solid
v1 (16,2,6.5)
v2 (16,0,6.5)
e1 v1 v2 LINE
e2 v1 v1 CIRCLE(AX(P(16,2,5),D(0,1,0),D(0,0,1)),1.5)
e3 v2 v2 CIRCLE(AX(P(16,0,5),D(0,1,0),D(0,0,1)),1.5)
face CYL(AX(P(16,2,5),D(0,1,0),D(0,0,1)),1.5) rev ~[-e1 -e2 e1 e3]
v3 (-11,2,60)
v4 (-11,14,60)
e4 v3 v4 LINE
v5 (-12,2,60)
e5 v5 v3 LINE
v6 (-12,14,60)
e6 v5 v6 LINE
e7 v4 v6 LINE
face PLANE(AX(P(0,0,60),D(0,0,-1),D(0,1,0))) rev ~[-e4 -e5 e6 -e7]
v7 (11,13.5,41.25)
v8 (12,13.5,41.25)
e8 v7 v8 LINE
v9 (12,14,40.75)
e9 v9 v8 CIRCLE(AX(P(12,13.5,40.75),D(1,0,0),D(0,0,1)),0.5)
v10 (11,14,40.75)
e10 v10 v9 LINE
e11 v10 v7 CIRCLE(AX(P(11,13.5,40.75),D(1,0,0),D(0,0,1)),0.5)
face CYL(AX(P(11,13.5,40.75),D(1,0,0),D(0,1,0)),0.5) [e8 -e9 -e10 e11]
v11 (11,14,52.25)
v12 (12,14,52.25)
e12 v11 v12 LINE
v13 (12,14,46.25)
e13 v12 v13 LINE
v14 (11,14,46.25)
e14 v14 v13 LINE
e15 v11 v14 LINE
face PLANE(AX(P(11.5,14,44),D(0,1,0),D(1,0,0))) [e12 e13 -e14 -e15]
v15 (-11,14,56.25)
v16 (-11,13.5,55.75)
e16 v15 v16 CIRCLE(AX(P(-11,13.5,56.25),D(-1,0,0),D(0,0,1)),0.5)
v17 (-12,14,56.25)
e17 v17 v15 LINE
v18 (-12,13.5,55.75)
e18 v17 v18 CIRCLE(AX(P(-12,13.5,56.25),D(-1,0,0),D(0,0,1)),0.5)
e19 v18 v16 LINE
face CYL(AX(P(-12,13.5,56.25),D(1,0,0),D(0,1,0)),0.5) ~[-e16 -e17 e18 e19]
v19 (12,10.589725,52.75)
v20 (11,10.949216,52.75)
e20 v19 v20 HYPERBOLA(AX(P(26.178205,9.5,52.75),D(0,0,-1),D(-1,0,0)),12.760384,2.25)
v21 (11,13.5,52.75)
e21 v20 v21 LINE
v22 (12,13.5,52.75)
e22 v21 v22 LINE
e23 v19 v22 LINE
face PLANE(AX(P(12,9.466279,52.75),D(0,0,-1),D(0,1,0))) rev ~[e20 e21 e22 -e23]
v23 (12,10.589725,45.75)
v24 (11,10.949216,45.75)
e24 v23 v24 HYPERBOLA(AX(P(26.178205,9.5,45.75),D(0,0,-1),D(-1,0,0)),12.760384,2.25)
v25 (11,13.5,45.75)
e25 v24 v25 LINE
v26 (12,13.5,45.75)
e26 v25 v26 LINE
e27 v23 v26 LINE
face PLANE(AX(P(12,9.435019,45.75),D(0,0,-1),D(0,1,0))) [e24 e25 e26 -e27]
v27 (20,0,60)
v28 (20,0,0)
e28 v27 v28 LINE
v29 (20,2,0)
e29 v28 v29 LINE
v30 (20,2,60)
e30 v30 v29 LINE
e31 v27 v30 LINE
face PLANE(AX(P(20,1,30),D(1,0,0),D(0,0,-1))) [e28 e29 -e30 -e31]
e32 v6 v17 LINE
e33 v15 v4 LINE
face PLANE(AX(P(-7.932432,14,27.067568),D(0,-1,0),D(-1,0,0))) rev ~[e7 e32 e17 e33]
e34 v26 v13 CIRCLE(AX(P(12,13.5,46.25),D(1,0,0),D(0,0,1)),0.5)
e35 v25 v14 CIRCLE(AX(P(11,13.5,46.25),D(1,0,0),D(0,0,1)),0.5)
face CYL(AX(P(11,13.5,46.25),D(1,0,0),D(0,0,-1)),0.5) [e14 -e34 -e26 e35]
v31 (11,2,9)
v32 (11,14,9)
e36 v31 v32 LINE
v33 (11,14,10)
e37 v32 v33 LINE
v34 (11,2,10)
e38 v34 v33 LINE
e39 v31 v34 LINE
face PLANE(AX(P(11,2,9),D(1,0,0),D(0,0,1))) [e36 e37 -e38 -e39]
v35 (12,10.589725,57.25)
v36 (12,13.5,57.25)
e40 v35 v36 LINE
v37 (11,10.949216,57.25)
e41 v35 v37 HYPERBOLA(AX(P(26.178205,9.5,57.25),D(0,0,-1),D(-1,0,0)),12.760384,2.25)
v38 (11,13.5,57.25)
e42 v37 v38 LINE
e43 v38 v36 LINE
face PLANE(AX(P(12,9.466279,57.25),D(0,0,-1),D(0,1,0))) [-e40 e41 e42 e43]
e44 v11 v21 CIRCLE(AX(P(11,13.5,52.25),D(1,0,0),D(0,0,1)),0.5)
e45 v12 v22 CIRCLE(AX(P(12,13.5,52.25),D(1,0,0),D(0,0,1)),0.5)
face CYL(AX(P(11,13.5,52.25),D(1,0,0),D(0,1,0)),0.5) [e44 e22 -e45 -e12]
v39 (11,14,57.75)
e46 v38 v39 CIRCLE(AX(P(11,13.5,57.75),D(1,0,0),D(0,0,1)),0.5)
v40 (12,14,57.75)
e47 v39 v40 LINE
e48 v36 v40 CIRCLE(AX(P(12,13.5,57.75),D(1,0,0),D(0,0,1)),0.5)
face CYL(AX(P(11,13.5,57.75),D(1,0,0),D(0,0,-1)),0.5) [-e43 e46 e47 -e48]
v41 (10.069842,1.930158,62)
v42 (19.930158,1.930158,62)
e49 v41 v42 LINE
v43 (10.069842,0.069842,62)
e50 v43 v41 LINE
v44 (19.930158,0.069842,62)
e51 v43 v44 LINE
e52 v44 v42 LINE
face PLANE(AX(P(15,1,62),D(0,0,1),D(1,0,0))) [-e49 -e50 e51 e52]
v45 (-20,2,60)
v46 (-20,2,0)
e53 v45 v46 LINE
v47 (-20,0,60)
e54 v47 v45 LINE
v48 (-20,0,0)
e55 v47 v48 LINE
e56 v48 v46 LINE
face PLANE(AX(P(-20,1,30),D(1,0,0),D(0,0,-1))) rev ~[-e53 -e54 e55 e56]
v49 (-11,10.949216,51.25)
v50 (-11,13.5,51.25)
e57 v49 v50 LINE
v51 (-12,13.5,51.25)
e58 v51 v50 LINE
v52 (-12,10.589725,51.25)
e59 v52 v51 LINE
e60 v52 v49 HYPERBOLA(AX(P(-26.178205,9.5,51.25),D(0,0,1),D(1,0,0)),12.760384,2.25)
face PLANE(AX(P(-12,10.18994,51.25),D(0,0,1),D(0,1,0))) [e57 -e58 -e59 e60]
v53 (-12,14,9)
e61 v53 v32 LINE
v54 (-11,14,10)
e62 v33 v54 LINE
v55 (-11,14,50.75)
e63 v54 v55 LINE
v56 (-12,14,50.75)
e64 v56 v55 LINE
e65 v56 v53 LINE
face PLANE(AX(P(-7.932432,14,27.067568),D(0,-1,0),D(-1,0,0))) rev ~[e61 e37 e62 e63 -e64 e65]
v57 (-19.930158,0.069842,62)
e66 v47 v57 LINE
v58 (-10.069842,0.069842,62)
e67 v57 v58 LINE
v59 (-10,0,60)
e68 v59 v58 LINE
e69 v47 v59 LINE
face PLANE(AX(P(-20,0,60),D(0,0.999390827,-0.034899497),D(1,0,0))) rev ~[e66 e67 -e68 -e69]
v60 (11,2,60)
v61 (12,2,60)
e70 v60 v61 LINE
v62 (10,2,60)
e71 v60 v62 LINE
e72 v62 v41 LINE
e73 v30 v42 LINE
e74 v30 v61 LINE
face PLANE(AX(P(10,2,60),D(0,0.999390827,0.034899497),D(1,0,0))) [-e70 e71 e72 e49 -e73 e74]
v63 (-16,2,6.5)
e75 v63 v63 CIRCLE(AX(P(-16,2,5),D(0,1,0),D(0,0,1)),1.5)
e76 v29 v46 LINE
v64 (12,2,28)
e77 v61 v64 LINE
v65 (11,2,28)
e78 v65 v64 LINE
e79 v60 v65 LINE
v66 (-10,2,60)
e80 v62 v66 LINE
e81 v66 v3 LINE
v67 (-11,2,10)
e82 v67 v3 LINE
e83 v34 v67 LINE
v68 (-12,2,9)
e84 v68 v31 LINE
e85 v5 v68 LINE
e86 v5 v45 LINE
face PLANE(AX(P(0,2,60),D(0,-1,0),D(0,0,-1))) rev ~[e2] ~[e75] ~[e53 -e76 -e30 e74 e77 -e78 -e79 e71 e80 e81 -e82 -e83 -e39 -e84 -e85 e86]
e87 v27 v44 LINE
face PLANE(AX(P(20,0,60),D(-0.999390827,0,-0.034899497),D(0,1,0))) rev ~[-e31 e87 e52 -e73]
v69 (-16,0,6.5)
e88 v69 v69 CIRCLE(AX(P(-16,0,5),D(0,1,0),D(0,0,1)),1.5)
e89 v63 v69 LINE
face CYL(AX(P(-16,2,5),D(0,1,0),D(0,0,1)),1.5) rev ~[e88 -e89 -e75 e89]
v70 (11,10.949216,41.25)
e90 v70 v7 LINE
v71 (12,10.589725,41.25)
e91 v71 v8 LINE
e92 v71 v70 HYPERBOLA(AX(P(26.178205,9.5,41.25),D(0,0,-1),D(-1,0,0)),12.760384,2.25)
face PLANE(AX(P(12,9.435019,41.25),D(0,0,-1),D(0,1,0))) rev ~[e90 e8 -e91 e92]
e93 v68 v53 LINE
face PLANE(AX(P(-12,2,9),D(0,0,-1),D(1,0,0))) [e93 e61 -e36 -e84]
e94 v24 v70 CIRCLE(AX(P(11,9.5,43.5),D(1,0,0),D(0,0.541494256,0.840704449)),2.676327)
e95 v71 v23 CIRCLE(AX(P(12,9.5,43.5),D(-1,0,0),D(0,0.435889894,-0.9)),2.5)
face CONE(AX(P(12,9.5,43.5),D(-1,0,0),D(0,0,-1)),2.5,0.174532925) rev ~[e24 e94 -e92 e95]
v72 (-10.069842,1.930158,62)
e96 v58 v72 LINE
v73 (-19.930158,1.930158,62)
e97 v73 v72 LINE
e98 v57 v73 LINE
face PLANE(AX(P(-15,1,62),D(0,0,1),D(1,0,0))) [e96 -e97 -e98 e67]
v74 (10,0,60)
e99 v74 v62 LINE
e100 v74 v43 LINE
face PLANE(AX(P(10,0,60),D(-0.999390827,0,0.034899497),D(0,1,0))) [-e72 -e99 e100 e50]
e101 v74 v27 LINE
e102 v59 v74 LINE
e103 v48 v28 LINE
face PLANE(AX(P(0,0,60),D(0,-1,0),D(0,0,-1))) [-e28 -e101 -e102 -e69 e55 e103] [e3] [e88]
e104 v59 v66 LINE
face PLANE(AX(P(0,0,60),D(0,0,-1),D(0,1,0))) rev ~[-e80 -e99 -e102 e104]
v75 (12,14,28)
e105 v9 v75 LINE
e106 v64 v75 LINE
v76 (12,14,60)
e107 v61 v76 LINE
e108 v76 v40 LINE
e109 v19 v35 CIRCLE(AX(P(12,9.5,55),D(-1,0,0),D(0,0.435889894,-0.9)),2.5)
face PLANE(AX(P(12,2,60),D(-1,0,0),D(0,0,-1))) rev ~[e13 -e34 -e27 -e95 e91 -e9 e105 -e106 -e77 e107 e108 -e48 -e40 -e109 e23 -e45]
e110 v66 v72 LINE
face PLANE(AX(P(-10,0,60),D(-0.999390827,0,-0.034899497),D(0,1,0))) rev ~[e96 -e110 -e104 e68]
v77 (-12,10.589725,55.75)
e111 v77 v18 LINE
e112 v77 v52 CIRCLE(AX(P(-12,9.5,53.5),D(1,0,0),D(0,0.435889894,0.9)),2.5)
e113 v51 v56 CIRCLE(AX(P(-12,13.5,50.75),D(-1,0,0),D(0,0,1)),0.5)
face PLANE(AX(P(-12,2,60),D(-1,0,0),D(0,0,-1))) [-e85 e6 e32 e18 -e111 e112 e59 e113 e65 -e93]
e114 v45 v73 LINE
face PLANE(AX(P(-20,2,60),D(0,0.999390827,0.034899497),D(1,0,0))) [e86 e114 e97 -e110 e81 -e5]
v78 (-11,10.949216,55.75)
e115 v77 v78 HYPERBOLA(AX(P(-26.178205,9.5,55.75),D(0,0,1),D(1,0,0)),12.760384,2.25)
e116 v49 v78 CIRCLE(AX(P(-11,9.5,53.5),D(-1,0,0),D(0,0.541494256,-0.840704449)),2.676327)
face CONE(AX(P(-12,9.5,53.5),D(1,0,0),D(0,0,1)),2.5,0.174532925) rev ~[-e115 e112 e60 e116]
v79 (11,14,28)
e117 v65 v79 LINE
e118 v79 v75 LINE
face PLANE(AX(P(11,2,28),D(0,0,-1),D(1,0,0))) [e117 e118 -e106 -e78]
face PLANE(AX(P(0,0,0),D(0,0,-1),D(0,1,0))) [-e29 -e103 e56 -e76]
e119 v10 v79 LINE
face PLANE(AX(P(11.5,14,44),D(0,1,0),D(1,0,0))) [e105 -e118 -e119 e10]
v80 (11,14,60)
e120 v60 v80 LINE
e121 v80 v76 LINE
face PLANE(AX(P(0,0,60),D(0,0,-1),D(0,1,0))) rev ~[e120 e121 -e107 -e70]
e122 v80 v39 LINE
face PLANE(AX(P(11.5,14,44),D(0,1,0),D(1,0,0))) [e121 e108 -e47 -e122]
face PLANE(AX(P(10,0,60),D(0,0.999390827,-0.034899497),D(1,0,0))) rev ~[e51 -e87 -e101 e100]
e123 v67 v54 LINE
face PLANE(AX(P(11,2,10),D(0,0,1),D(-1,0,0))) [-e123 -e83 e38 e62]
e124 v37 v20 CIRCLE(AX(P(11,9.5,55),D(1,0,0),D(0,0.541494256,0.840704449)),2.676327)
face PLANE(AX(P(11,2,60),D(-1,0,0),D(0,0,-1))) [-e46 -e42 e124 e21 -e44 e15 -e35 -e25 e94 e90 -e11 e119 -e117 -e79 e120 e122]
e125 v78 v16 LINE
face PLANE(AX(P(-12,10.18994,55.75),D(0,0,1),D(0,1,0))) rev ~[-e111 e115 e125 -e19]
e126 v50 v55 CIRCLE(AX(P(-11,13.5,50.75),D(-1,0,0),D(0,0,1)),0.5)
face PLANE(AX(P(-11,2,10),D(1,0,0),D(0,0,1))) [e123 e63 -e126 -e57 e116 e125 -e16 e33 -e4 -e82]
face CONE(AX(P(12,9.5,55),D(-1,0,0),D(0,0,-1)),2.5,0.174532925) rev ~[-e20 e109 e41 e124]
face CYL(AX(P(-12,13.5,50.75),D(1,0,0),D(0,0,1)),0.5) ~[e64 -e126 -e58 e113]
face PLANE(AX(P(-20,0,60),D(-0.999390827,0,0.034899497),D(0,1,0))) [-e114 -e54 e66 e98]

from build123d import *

# Parameters (mm, degrees)
SKETCH1_W                     = 60
SKETCH1_H                     = 2
EXTRUDE_THIN1_DEPTH           = 20
SKETCH2_W                     = 1
SKETCH2_H                     = 32
EXTRUDE_THIN2_DEPTH           = 12
SKETCH3_R                     = 1.5
CUT_EXTRUDE1_DEPTH            = 65.373907758
SKETCH4_W                     = 10
SKETCH4_H                     = 2
BOSS_EXTRUDE1_DEPTH           = 2
BOSS_EXTRUDE1_DRAFT           = 2
BOSS_EXTRUDE1_PROFILE_2_DEPTH = 2
BOSS_EXTRUDE1_PROFILE_2_DRAFT = 2
SKETCH6_R                     = 2.5
CUT_EXTRUDE4_DEPTH            = 1
CUT_EXTRUDE4_DRAFT            = 10
CUT_EXTRUDE4_PROFILE_2_DEPTH  = 1
CUT_EXTRUDE4_PROFILE_2_DRAFT  = 10
SKETCH7_R                     = 2.5
CUT_EXTRUDE6_DEPTH            = 1
CUT_EXTRUDE6_DRAFT            = 10
CUT_EXTRUDE7_REACH            = 73.162
SKETCH8_W                     = 4.5
SKETCH8_H                     = 6.050990024
CUT_EXTRUDE8_REACH            = 73.162
SKETCH9_W                     = 4.5
SKETCH9_H                     = 5.78600983
FILLET1_R                     = 0.5


with BuildPart() as part:
    # Sketch1 → Extrude-Thin1 (new, symmetric)
    with BuildSketch(Plane(origin=(0, 0, 0), x_dir=(0, 0, -1), z_dir=(1, 0, 0))):
        with Locations((-30, 1)):
            Rectangle(SKETCH1_W, SKETCH1_H)
    extrude(amount=EXTRUDE_THIN1_DEPTH, both=True)

    # Sketch2 → Extrude-Thin2 (add)
    with BuildSketch(Plane(origin=(0, 2, 0), x_dir=(1, 0, 0), z_dir=(0, 1, 0))):
        with Locations((11.5, -44)):
            Rectangle(SKETCH2_W, SKETCH2_H)
        Polygon((11, -10), (-11, -10), (-11, -60), (-12, -60), (-12, -9), (11, -9), align=None)
    extrude(amount=EXTRUDE_THIN2_DEPTH)

    # Sketch3 → Cut-Extrude1 (cut, through all)
    with BuildSketch(Plane(origin=(0, 2, 0), x_dir=(1, 0, 0), z_dir=(0, 1, 0))):
        with Locations(Location((-16, -5, 0), (0, 0, 270))):
            Circle(SKETCH3_R)
        with Locations(Location((16, -5, 0), (0, 0, 270))):
            Circle(SKETCH3_R)
    extrude(amount=-CUT_EXTRUDE1_DEPTH, mode=Mode.SUBTRACT)


with BuildPart() as boss_extrude1_tool:
    # Sketch4 → Boss-Extrude1 (with draft: the straight prism first)
    with BuildSketch(Plane.XY.offset(60)):
        with Locations((-15, 1)):
            Rectangle(SKETCH4_W, SKETCH4_H)
    extrude(amount=BOSS_EXTRUDE1_DEPTH)
    # Boss-Extrude1: the draft: its side faces are tilted about the plane it starts from
    boss_extrude1_sides = [boss_extrude1_tool.faces().sort_by_distance(p)[0] for p in [
        (-20, 1, 61),
        (-15, 0, 61),
        (-10, 1, 61),
        (-15, 2, 61),
    ]]
    draft(boss_extrude1_sides, Plane.XY.offset(60), BOSS_EXTRUDE1_DRAFT)


with BuildPart() as part_1:
    add(part.part)

    # Boss-Extrude1: add boss_extrude1_tool
    add(boss_extrude1_tool.part)


with BuildPart() as boss_extrude1_profile_2_tool:
    # Sketch4 → Boss-Extrude1 profile 2 (with draft: the straight prism first)
    with BuildSketch(Plane.XY.offset(60)):
        with Locations((15, 1)):
            Rectangle(SKETCH4_W, SKETCH4_H)
    extrude(amount=BOSS_EXTRUDE1_PROFILE_2_DEPTH)
    # Boss-Extrude1 profile 2: the draft: its side faces are tilted about the plane it starts from
    boss_extrude1_profile_2_sides = [boss_extrude1_profile_2_tool.faces().sort_by_distance(p)[0] for p in [
        (10, 1, 61),
        (15, 0, 61),
        (20, 1, 61),
        (15, 2, 61),
    ]]
    draft(boss_extrude1_profile_2_sides, Plane.XY.offset(60), BOSS_EXTRUDE1_PROFILE_2_DRAFT)


with BuildPart() as part_2:
    add(part_1.part)

    # Boss-Extrude1 profile 2: add boss_extrude1_profile_2_tool
    add(boss_extrude1_profile_2_tool.part)


with BuildPart() as cut_extrude4_tool:
    # Sketch6 → Cut-Extrude4 (with draft: the straight prism first)
    with BuildSketch(Plane(origin=(12, 0, 0), x_dir=(0, 0, -1), z_dir=(1, 0, 0))):
        with Locations((-55, 9.5)):
            Circle(SKETCH6_R)
    extrude(amount=-CUT_EXTRUDE4_DEPTH)
    # Cut-Extrude4: the draft: its side faces are tilted about the plane it starts from
    cut_extrude4_sides = [cut_extrude4_tool.faces().sort_by_distance(p)[0] for p in [
        (11.5, 9.5, 57.5),
    ]]
    draft(cut_extrude4_sides, Plane(origin=(12, 0, 0), x_dir=(0, 0, -1), z_dir=(1, 0, 0)), CUT_EXTRUDE4_DRAFT)


with BuildPart() as part_3:
    add(part_2.part)

    # Cut-Extrude4: cut by cut_extrude4_tool
    add(cut_extrude4_tool.part, mode=Mode.SUBTRACT)


with BuildPart() as cut_extrude4_profile_2_tool:
    # Sketch6 → Cut-Extrude4 profile 2 (with draft: the straight prism first)
    with BuildSketch(Plane(origin=(12, 0, 0), x_dir=(0, 0, -1), z_dir=(1, 0, 0))):
        with Locations((-43.5, 9.5)):
            Circle(SKETCH6_R)
    extrude(amount=-CUT_EXTRUDE4_PROFILE_2_DEPTH)
    # Cut-Extrude4 profile 2: the draft: its side faces are tilted about the plane it starts from
    cut_extrude4_profile_2_sides = [cut_extrude4_profile_2_tool.faces().sort_by_distance(p)[0] for p in [
        (11.5, 9.5, 46),
    ]]
    draft(cut_extrude4_profile_2_sides, Plane(origin=(12, 0, 0), x_dir=(0, 0, -1), z_dir=(1, 0, 0)), CUT_EXTRUDE4_PROFILE_2_DRAFT)


with BuildPart() as part_4:
    add(part_3.part)

    # Cut-Extrude4 profile 2: cut by cut_extrude4_profile_2_tool
    add(cut_extrude4_profile_2_tool.part, mode=Mode.SUBTRACT)


with BuildPart() as cut_extrude6_tool:
    # Sketch7 → Cut-Extrude6 (with draft: the straight prism first)
    with BuildSketch(Plane.ZY.offset(12)):
        with Locations((53.5, 9.5)):
            Circle(SKETCH7_R)
    extrude(amount=-CUT_EXTRUDE6_DEPTH)
    # Cut-Extrude6: the draft: its side faces are tilted about the plane it starts from
    cut_extrude6_sides = [cut_extrude6_tool.faces().sort_by_distance(p)[0] for p in [
        (-11.5, 9.5, 51),
    ]]
    draft(cut_extrude6_sides, Plane.ZY.offset(12), CUT_EXTRUDE6_DRAFT)


with BuildPart() as part_5:
    add(part_4.part)

    # Cut-Extrude6: cut by cut_extrude6_tool
    add(cut_extrude6_tool.part, mode=Mode.SUBTRACT)

    # Sketch8 → Cut-Extrude7 (cut, up to next)
    with BuildSketch(Plane(origin=(12, 0, 0), x_dir=(0, 0, -1), z_dir=(1, 0, 0)), mode=Mode.PRIVATE) as cut_extrude7_sk1:
        with Locations((-55, 12.491774439)):
            Rectangle(SKETCH8_W, SKETCH8_H)
    cut_extrude7_tool1 = extrude(cut_extrude7_sk1.sketch, amount=-CUT_EXTRUDE7_REACH, mode=Mode.PRIVATE) & part_5.part
    # Sketch8 → Cut-Extrude7 (cut, up to next)
    with BuildSketch(Plane(origin=(12, 0, 0), x_dir=(0, 0, -1), z_dir=(1, 0, 0)), mode=Mode.PRIVATE) as cut_extrude7_sk2:
        with Locations((-43.5, 12.460513527)):
            Rectangle(SKETCH8_W, SKETCH8_H)
    cut_extrude7_tool2 = extrude(cut_extrude7_sk2.sketch, amount=-CUT_EXTRUDE7_REACH, mode=Mode.PRIVATE) & part_5.part
    add(cut_extrude7_tool1.solids().sort_by_distance((12, 12.491774, 55))[0], mode=Mode.SUBTRACT)
    add(cut_extrude7_tool2.solids().sort_by_distance((12, 12.460514, 43.5))[0], mode=Mode.SUBTRACT)

    # Sketch9 → Cut-Extrude8 (cut, up to next)
    with BuildSketch(Plane.ZY.offset(12), mode=Mode.PRIVATE) as cut_extrude8_sk1:
        with Locations((53.5, 13.082945191)):
            Rectangle(SKETCH9_W, SKETCH9_H)
    cut_extrude8_tool1 = extrude(cut_extrude8_sk1.sketch, amount=-CUT_EXTRUDE8_REACH, mode=Mode.PRIVATE) & part_5.part
    add(cut_extrude8_tool1.solids().sort_by_distance((-12, 13.082945, 53.5))[0], mode=Mode.SUBTRACT)

    # Fillet1
    fillet1_edges = [part_5.edges().sort_by_distance(p)[0] for p in [
        (11.5, 14, 52.75),
        (11.5, 14, 57.25),
        (11.5, 14, 41.25),
        (11.5, 14, 45.75),
        (-11.5, 14, 55.75),
        (-11.5, 14, 51.25),
    ]]
    fillet(fillet1_edges, radius=FILLET1_R)


solid = part_5.part
